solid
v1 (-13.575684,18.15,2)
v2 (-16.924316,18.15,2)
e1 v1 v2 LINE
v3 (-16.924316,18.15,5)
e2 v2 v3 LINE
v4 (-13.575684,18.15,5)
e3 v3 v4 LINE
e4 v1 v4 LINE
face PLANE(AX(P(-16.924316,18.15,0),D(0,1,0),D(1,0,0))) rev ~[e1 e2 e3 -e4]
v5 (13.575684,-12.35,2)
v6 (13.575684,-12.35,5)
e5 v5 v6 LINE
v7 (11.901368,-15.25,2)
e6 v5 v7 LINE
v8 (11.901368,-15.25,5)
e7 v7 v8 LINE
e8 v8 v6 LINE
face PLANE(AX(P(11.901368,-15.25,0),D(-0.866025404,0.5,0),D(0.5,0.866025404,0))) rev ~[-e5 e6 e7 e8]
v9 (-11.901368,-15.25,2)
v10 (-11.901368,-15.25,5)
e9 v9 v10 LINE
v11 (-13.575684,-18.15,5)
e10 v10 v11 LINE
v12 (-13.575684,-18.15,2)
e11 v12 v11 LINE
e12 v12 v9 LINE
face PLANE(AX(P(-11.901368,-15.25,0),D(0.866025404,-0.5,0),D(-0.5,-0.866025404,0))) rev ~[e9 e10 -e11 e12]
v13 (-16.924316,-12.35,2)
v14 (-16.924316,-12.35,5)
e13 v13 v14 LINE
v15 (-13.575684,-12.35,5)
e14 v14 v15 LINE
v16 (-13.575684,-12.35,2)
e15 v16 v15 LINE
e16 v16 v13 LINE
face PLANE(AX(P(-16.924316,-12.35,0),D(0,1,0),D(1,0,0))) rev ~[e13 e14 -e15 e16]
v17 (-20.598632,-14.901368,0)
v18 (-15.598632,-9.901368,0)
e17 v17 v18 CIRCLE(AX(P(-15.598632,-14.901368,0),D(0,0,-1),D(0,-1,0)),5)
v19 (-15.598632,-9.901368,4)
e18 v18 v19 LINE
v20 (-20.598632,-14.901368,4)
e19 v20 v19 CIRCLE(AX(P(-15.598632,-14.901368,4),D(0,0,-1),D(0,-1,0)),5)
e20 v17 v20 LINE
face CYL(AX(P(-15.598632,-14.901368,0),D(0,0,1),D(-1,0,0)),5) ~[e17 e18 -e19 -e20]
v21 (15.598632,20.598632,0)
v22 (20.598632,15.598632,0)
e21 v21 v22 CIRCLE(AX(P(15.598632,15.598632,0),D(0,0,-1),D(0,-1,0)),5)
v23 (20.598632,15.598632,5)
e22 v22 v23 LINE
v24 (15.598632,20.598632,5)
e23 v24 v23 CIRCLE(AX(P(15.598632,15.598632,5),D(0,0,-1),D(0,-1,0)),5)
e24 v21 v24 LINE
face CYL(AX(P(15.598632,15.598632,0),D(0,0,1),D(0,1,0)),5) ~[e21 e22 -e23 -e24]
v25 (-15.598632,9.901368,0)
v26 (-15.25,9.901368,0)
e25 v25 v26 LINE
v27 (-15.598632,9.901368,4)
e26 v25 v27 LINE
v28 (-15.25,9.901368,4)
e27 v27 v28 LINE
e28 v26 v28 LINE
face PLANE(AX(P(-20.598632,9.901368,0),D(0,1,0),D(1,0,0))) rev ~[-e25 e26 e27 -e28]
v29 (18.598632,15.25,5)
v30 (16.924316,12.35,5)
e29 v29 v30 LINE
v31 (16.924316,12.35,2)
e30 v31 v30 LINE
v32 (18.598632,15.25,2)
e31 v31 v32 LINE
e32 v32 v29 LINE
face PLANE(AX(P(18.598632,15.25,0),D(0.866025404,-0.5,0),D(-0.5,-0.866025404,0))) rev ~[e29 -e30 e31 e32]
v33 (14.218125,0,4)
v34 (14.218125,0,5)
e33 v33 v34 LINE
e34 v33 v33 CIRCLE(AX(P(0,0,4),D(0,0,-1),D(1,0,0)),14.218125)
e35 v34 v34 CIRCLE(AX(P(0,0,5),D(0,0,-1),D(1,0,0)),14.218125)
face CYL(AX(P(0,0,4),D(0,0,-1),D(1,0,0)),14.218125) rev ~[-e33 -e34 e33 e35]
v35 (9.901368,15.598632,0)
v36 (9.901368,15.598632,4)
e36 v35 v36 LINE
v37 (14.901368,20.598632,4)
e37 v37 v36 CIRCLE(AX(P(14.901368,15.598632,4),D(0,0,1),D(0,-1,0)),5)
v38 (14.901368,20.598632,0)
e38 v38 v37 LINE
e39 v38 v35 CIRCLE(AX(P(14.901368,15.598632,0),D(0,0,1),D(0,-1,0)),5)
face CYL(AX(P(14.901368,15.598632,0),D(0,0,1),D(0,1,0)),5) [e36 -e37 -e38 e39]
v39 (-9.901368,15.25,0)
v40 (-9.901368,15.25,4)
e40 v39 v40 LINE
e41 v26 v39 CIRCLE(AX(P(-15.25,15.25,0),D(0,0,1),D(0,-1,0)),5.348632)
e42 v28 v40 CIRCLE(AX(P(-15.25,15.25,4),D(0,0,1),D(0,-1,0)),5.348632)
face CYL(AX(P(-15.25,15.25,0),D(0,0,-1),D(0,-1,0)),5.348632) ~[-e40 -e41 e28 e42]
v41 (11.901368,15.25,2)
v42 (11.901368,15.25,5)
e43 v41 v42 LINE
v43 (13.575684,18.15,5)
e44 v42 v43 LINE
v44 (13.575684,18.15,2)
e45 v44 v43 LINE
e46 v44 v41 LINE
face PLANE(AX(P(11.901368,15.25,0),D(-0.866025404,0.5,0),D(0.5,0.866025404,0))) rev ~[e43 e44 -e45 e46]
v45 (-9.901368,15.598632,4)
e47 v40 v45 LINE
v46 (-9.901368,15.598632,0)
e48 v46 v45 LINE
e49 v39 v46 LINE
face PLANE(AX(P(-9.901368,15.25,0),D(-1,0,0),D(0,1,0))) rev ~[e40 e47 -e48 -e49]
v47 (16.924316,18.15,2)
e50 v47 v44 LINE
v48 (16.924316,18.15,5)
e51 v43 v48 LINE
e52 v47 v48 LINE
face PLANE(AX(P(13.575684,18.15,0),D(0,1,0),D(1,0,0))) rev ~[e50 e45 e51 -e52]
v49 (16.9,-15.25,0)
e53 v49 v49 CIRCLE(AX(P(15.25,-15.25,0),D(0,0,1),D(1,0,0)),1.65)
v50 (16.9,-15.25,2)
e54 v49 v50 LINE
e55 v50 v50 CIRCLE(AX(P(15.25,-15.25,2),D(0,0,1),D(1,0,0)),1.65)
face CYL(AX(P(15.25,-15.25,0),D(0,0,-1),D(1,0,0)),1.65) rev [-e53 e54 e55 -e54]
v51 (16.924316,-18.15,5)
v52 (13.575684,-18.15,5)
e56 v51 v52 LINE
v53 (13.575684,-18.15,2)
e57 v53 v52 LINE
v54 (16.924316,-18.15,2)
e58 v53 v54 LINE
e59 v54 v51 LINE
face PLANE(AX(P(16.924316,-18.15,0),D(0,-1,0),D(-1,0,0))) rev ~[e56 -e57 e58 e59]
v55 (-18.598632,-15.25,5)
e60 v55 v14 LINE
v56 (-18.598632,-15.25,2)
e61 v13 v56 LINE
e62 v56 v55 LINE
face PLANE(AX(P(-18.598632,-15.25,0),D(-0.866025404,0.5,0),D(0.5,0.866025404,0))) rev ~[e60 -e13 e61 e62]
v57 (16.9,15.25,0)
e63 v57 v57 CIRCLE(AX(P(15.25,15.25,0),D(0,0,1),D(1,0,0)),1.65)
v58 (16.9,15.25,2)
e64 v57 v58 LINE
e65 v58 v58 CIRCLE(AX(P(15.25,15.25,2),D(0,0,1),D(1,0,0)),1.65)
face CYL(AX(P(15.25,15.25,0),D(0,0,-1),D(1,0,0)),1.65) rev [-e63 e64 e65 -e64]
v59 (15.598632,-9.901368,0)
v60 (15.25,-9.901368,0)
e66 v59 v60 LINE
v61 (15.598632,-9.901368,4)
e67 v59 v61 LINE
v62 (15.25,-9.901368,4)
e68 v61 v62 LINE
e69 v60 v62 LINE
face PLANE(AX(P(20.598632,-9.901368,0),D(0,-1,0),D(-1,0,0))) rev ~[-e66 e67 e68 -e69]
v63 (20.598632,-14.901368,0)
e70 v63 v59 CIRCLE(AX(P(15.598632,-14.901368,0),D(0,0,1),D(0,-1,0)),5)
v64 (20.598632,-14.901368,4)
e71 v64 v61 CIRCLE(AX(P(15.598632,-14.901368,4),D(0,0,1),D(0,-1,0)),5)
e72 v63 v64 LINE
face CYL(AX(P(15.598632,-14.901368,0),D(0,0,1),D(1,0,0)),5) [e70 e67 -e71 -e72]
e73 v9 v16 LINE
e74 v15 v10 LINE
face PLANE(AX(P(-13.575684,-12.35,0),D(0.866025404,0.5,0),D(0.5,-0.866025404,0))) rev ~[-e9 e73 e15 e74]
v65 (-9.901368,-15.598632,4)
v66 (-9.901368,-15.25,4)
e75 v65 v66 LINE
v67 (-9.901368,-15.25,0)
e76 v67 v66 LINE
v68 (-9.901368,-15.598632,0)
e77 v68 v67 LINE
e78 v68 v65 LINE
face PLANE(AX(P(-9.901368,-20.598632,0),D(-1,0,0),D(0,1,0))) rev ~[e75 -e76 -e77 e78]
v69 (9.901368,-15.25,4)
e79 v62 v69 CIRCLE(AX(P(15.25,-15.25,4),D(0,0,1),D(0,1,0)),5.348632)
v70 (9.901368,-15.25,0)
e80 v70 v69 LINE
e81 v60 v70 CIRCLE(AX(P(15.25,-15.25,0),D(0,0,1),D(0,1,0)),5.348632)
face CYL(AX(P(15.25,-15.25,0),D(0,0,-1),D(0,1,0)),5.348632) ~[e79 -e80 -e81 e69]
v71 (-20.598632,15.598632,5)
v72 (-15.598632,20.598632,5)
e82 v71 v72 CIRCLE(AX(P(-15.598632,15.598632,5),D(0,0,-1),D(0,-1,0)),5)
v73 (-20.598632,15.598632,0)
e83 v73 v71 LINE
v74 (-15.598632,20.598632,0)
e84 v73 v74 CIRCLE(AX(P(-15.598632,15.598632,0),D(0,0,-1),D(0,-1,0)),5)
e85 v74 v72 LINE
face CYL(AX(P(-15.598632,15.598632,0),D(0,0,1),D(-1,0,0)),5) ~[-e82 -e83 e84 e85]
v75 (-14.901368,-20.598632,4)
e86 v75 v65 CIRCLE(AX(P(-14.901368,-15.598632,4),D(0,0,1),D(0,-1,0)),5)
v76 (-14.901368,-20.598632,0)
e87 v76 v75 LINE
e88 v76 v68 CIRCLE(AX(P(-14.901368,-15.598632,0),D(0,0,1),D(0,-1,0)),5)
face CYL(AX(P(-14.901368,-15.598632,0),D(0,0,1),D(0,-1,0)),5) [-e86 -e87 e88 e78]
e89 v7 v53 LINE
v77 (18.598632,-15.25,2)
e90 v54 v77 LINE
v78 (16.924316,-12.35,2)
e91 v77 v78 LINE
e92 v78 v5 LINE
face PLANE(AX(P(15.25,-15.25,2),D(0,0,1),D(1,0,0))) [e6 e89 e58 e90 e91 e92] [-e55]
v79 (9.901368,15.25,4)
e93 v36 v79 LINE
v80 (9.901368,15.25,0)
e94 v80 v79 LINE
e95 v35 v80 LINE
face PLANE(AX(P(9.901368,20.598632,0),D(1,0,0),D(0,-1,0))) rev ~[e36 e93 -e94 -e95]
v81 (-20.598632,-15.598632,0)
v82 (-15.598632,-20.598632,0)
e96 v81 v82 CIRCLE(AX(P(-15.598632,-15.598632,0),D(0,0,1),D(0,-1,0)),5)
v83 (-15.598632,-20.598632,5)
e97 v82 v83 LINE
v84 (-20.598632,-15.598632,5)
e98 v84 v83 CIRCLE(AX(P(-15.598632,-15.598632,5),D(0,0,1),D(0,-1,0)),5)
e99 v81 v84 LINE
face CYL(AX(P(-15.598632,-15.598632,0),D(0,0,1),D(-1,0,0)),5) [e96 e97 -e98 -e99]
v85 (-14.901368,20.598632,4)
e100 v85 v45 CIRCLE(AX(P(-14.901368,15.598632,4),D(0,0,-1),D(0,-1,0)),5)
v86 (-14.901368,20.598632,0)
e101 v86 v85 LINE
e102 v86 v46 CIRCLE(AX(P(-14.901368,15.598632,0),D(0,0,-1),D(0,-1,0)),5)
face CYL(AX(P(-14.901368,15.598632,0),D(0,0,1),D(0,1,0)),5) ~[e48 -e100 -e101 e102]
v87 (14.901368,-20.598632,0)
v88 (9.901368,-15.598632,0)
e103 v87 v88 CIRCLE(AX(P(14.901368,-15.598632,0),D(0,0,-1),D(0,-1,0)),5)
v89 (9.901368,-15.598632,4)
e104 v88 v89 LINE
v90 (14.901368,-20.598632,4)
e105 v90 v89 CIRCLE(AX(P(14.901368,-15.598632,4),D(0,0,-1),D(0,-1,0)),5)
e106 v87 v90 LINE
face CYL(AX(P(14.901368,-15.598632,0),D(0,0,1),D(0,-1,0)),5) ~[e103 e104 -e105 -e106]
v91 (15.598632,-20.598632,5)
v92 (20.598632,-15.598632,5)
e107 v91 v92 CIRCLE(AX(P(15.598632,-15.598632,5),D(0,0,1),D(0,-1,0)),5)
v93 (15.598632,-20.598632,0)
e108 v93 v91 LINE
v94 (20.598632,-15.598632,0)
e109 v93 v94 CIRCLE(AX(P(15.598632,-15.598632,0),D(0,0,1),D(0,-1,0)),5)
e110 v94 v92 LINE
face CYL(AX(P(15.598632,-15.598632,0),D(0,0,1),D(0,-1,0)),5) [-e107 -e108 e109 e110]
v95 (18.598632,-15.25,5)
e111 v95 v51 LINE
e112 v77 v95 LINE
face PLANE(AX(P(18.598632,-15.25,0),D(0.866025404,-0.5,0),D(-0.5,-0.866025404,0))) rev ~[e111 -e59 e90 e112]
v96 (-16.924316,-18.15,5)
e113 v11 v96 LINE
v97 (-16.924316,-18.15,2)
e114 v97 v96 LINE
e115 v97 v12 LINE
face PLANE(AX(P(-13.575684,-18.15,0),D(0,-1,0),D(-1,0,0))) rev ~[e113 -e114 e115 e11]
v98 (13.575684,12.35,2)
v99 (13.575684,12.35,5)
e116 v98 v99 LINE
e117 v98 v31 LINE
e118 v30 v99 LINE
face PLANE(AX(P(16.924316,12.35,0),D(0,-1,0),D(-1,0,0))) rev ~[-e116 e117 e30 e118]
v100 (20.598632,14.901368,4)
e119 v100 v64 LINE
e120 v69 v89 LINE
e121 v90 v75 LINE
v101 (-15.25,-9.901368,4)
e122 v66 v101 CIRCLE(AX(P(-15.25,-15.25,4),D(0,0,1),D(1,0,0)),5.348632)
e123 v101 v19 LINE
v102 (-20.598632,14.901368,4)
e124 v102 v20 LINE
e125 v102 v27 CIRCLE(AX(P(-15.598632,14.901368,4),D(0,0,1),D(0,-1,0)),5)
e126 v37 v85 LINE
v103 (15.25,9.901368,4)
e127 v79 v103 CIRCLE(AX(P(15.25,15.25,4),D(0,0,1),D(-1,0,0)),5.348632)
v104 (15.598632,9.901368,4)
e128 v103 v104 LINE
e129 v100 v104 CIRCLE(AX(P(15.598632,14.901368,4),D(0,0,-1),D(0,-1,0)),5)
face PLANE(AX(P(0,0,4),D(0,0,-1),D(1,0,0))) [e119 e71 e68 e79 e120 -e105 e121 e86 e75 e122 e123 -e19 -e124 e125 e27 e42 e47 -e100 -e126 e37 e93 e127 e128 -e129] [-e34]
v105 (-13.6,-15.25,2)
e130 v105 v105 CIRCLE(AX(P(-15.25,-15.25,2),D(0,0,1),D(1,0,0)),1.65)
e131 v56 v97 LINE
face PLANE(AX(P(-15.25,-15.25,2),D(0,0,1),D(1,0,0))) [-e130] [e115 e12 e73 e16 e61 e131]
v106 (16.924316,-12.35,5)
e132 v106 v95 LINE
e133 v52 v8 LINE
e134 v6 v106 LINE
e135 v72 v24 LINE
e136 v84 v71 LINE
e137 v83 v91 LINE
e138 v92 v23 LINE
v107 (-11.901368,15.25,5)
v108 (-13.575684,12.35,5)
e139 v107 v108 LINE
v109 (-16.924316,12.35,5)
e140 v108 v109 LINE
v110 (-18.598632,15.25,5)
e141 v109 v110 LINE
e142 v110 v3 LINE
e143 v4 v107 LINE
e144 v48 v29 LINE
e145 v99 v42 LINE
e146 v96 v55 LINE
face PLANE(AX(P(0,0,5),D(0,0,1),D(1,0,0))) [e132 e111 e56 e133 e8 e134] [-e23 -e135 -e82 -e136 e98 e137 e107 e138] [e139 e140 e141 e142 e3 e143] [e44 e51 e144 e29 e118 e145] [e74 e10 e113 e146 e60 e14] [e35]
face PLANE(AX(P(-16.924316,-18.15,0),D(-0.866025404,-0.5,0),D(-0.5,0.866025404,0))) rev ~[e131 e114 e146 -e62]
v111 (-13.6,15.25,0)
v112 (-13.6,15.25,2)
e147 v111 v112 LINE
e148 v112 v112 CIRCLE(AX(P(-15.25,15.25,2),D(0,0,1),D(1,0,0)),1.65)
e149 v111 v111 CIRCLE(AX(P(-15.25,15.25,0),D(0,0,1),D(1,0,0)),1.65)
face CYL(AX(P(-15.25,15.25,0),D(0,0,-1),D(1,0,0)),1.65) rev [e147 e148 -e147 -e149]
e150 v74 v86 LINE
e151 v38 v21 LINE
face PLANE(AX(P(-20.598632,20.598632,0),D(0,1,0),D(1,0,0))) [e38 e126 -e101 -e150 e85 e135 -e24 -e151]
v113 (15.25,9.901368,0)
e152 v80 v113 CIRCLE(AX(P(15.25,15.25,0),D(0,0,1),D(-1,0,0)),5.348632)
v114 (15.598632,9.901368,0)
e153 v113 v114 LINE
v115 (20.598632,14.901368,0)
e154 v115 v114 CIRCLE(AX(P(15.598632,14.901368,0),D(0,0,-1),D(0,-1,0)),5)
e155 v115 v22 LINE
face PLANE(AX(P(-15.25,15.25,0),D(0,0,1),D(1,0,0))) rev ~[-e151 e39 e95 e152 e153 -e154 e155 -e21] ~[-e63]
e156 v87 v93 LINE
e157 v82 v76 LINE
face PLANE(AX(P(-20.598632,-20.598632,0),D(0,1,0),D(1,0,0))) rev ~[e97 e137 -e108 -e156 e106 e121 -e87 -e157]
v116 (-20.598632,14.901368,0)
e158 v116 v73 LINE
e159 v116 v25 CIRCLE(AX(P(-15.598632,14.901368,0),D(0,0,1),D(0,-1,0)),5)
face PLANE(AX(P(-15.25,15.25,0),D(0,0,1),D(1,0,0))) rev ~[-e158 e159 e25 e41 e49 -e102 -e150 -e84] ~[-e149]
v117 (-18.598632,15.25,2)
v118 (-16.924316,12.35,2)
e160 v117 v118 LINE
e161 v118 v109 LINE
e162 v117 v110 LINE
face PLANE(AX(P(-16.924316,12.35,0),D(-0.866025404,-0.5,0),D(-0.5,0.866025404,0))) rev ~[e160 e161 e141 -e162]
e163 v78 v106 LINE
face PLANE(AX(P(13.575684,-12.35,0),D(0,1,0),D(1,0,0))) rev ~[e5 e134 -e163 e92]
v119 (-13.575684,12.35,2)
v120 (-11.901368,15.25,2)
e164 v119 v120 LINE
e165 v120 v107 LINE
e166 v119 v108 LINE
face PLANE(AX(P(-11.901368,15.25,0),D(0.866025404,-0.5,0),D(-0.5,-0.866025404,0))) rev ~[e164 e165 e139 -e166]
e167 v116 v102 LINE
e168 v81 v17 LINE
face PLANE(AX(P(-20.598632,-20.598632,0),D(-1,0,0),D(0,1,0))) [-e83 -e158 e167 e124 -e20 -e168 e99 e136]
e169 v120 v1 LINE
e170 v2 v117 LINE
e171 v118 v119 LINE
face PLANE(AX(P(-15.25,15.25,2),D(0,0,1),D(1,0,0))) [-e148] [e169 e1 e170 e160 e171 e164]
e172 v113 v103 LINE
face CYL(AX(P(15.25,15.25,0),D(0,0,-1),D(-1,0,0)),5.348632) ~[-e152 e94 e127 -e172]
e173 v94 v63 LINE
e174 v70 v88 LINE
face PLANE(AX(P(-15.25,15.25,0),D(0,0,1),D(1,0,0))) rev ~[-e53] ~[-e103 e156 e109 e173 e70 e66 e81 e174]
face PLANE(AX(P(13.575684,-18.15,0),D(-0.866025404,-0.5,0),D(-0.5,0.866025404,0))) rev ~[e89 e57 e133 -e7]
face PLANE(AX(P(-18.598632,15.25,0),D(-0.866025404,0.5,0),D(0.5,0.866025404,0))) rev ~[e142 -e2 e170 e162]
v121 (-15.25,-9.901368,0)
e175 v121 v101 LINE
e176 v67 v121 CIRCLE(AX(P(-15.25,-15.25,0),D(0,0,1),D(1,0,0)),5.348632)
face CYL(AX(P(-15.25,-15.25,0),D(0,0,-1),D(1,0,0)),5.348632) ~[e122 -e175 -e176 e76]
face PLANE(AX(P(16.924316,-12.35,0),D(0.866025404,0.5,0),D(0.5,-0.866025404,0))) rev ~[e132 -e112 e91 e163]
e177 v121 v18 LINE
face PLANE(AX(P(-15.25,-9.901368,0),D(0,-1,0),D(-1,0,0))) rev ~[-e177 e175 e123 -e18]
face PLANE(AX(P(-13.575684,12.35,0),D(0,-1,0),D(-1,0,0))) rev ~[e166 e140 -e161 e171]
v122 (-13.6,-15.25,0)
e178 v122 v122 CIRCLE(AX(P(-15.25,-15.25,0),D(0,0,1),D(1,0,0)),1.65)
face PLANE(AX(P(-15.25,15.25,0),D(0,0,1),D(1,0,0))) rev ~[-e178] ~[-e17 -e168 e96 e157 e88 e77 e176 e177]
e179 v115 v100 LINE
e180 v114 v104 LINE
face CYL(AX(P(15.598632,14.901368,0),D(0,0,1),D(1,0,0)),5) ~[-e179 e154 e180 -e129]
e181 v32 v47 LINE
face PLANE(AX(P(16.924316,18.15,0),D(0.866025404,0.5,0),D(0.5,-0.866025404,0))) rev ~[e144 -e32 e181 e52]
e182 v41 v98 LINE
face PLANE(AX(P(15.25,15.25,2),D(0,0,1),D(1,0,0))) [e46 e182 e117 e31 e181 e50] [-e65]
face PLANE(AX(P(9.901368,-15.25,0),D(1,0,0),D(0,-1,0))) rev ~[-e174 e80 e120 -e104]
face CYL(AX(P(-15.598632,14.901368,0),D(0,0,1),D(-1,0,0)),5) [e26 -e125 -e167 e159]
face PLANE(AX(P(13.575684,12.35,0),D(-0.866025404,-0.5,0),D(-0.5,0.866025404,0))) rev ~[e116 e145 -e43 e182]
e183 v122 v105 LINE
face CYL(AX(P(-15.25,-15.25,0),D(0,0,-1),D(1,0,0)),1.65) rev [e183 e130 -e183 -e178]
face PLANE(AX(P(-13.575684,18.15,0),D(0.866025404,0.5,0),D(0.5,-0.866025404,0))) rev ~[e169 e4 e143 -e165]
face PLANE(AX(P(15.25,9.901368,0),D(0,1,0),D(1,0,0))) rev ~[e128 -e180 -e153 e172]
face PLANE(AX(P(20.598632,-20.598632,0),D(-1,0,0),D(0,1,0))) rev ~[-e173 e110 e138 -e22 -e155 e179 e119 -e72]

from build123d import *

# Parameters (mm, degrees)
F0_W     = 41.1972631226
F0_H     = 41.1972631226
F1_DEPTH = 5
F0_R     = 1.65
F2_DEPTH = 2
F4_DEPTH = 4
F5_R     = 14.2181252649
F6_DEPTH = 1.001
F7_R     = 5


with BuildPart() as f1:
    # F0 (on Top) → F1 (new body)
    with BuildSketch(Plane.XY):
        Rectangle(F0_W, F0_H)
        Polygon((-16.9243157806, -12.35), (-13.5756842194, -12.35), (-11.9013684387, -15.25), (-13.5756842194, -18.15), (-16.9243157806, -18.15), (-18.5986315613, -15.25), align=None, mode=Mode.SUBTRACT)
        Polygon((13.5756842194, -12.35), (16.9243157806, -12.35), (18.5986315613, -15.25), (16.9243157806, -18.15), (13.5756842194, -18.15), (11.9013684387, -15.25), align=None, mode=Mode.SUBTRACT)
        Polygon((-18.5986315613, 15.25), (-16.9243157806, 18.15), (-13.5756842194, 18.15), (-11.9013684387, 15.25), (-13.5756842194, 12.35), (-16.9243157806, 12.35), align=None, mode=Mode.SUBTRACT)
        Polygon((13.5756842194, 18.15), (16.9243157806, 18.15), (18.5986315613, 15.25), (16.9243157806, 12.35), (13.5756842194, 12.35), (11.9013684387, 15.25), align=None, mode=Mode.SUBTRACT)
    extrude(amount=F1_DEPTH)

    # F0 (on Top) → F2 (join)
    with BuildSketch(Plane.XY):
        Polygon((-13.5756842194, 18.15), (-16.9243157806, 18.15), (-18.5986315613, 15.25), (-16.9243157806, 12.35), (-13.5756842194, 12.35), (-11.9013684387, 15.25), align=None)
        with Locations((-15.25, 15.25)):
            Circle(F0_R, mode=Mode.SUBTRACT)
        Polygon((18.5986315613, 15.25), (16.9243157806, 18.15), (13.5756842194, 18.15), (11.9013684387, 15.25), (13.5756842194, 12.35), (16.9243157806, 12.35), align=None)
        with Locations((15.25, 15.25)):
            Circle(F0_R, mode=Mode.SUBTRACT)
        Polygon((18.5986315613, -15.25), (16.9243157806, -12.35), (13.5756842194, -12.35), (11.9013684387, -15.25), (13.5756842194, -18.15), (16.9243157806, -18.15), align=None)
        with Locations((15.25, -15.25)):
            Circle(F0_R, mode=Mode.SUBTRACT)
        Polygon((-11.9013684387, -15.25), (-13.5756842194, -12.35), (-16.9243157806, -12.35), (-18.5986315613, -15.25), (-16.9243157806, -18.15), (-13.5756842194, -18.15), align=None)
        with Locations((-15.25, -15.25)):
            Circle(F0_R, mode=Mode.SUBTRACT)
    extrude(amount=F2_DEPTH)

    # F3 (on face) → F4 (cut)
    with BuildSketch(Plane(origin=(0, 0, 0), x_dir=(1, 0, 0), z_dir=(0, 0, -1))):
        with BuildLine():
            Line((-20.5986315613, 9.9013684387), (-20.5986315613, -9.9013684387))
            Line((-20.5986315613, -9.9013684387), (-15.25, -9.9013684387))
            ThreePointArc((-15.25, -9.9013684387), (-11.4679463529, -11.4679463529), (-9.9013684387, -15.25))
            Line((-9.9013684387, -15.25), (-9.9013684387, -20.5986315613))
            Line((-9.9013684387, -20.5986315613), (9.9013684387, -20.5986315613))
            Line((9.9013684387, -20.5986315613), (9.9013684387, -15.25))
            ThreePointArc((9.9013684387, -15.25), (11.4679463529, -11.4679463529), (15.25, -9.9013684387))
            Line((15.25, -9.9013684387), (20.5986315613, -9.9013684387))
            Line((20.5986315613, -9.9013684387), (20.5986315613, 9.9013684387))
            Line((20.5986315613, 9.9013684387), (15.25, 9.9013684387))
            ThreePointArc((15.25, 9.9013684387), (11.4679463529, 11.4679463529), (9.9013684387, 15.25))
            Line((9.9013684387, 15.25), (9.9013684387, 20.5986315613))
            Line((9.9013684387, 20.5986315613), (-9.9013684387, 20.5986315613))
            Line((-9.9013684387, 20.5986315613), (-9.9013684387, 15.25))
            ThreePointArc((-9.9013684387, 15.25), (-11.4679463529, 11.4679463529), (-15.25, 9.9013684387))
            Line((-15.25, 9.9013684387), (-20.5986315613, 9.9013684387))
        make_face()
    extrude(amount=-F4_DEPTH, mode=Mode.SUBTRACT)

    # F5 (on face) → F6 (cut, through all)
    with BuildSketch(Plane(origin=(0, 0, 4), x_dir=(1, 0, 0), z_dir=(0, 0, -1))):
        Circle(F5_R)
    extrude(amount=-F6_DEPTH, mode=Mode.SUBTRACT)

    # F7
    f7_edges = [f1.edges().sort_by_distance(p)[0] for p in [
        (-20.598632, 20.598632, 2.5),
        (20.598632, 20.598632, 2.5),
        (20.598632, -20.598632, 2.5),
        (-20.598632, -20.598632, 2.5),
        (-20.598632, -9.901368, 2),
        (-9.901368, -20.598632, 2),
        (-20.598632, 9.901368, 2),
        (-9.901368, 20.598632, 2),
        (9.901368, 20.598632, 2),
        (20.598632, 9.901368, 2),
        (20.598632, -9.901368, 2),
        (9.901368, -20.598632, 2),
    ]]
    fillet(f7_edges, radius=F7_R)


solid = f1.part
